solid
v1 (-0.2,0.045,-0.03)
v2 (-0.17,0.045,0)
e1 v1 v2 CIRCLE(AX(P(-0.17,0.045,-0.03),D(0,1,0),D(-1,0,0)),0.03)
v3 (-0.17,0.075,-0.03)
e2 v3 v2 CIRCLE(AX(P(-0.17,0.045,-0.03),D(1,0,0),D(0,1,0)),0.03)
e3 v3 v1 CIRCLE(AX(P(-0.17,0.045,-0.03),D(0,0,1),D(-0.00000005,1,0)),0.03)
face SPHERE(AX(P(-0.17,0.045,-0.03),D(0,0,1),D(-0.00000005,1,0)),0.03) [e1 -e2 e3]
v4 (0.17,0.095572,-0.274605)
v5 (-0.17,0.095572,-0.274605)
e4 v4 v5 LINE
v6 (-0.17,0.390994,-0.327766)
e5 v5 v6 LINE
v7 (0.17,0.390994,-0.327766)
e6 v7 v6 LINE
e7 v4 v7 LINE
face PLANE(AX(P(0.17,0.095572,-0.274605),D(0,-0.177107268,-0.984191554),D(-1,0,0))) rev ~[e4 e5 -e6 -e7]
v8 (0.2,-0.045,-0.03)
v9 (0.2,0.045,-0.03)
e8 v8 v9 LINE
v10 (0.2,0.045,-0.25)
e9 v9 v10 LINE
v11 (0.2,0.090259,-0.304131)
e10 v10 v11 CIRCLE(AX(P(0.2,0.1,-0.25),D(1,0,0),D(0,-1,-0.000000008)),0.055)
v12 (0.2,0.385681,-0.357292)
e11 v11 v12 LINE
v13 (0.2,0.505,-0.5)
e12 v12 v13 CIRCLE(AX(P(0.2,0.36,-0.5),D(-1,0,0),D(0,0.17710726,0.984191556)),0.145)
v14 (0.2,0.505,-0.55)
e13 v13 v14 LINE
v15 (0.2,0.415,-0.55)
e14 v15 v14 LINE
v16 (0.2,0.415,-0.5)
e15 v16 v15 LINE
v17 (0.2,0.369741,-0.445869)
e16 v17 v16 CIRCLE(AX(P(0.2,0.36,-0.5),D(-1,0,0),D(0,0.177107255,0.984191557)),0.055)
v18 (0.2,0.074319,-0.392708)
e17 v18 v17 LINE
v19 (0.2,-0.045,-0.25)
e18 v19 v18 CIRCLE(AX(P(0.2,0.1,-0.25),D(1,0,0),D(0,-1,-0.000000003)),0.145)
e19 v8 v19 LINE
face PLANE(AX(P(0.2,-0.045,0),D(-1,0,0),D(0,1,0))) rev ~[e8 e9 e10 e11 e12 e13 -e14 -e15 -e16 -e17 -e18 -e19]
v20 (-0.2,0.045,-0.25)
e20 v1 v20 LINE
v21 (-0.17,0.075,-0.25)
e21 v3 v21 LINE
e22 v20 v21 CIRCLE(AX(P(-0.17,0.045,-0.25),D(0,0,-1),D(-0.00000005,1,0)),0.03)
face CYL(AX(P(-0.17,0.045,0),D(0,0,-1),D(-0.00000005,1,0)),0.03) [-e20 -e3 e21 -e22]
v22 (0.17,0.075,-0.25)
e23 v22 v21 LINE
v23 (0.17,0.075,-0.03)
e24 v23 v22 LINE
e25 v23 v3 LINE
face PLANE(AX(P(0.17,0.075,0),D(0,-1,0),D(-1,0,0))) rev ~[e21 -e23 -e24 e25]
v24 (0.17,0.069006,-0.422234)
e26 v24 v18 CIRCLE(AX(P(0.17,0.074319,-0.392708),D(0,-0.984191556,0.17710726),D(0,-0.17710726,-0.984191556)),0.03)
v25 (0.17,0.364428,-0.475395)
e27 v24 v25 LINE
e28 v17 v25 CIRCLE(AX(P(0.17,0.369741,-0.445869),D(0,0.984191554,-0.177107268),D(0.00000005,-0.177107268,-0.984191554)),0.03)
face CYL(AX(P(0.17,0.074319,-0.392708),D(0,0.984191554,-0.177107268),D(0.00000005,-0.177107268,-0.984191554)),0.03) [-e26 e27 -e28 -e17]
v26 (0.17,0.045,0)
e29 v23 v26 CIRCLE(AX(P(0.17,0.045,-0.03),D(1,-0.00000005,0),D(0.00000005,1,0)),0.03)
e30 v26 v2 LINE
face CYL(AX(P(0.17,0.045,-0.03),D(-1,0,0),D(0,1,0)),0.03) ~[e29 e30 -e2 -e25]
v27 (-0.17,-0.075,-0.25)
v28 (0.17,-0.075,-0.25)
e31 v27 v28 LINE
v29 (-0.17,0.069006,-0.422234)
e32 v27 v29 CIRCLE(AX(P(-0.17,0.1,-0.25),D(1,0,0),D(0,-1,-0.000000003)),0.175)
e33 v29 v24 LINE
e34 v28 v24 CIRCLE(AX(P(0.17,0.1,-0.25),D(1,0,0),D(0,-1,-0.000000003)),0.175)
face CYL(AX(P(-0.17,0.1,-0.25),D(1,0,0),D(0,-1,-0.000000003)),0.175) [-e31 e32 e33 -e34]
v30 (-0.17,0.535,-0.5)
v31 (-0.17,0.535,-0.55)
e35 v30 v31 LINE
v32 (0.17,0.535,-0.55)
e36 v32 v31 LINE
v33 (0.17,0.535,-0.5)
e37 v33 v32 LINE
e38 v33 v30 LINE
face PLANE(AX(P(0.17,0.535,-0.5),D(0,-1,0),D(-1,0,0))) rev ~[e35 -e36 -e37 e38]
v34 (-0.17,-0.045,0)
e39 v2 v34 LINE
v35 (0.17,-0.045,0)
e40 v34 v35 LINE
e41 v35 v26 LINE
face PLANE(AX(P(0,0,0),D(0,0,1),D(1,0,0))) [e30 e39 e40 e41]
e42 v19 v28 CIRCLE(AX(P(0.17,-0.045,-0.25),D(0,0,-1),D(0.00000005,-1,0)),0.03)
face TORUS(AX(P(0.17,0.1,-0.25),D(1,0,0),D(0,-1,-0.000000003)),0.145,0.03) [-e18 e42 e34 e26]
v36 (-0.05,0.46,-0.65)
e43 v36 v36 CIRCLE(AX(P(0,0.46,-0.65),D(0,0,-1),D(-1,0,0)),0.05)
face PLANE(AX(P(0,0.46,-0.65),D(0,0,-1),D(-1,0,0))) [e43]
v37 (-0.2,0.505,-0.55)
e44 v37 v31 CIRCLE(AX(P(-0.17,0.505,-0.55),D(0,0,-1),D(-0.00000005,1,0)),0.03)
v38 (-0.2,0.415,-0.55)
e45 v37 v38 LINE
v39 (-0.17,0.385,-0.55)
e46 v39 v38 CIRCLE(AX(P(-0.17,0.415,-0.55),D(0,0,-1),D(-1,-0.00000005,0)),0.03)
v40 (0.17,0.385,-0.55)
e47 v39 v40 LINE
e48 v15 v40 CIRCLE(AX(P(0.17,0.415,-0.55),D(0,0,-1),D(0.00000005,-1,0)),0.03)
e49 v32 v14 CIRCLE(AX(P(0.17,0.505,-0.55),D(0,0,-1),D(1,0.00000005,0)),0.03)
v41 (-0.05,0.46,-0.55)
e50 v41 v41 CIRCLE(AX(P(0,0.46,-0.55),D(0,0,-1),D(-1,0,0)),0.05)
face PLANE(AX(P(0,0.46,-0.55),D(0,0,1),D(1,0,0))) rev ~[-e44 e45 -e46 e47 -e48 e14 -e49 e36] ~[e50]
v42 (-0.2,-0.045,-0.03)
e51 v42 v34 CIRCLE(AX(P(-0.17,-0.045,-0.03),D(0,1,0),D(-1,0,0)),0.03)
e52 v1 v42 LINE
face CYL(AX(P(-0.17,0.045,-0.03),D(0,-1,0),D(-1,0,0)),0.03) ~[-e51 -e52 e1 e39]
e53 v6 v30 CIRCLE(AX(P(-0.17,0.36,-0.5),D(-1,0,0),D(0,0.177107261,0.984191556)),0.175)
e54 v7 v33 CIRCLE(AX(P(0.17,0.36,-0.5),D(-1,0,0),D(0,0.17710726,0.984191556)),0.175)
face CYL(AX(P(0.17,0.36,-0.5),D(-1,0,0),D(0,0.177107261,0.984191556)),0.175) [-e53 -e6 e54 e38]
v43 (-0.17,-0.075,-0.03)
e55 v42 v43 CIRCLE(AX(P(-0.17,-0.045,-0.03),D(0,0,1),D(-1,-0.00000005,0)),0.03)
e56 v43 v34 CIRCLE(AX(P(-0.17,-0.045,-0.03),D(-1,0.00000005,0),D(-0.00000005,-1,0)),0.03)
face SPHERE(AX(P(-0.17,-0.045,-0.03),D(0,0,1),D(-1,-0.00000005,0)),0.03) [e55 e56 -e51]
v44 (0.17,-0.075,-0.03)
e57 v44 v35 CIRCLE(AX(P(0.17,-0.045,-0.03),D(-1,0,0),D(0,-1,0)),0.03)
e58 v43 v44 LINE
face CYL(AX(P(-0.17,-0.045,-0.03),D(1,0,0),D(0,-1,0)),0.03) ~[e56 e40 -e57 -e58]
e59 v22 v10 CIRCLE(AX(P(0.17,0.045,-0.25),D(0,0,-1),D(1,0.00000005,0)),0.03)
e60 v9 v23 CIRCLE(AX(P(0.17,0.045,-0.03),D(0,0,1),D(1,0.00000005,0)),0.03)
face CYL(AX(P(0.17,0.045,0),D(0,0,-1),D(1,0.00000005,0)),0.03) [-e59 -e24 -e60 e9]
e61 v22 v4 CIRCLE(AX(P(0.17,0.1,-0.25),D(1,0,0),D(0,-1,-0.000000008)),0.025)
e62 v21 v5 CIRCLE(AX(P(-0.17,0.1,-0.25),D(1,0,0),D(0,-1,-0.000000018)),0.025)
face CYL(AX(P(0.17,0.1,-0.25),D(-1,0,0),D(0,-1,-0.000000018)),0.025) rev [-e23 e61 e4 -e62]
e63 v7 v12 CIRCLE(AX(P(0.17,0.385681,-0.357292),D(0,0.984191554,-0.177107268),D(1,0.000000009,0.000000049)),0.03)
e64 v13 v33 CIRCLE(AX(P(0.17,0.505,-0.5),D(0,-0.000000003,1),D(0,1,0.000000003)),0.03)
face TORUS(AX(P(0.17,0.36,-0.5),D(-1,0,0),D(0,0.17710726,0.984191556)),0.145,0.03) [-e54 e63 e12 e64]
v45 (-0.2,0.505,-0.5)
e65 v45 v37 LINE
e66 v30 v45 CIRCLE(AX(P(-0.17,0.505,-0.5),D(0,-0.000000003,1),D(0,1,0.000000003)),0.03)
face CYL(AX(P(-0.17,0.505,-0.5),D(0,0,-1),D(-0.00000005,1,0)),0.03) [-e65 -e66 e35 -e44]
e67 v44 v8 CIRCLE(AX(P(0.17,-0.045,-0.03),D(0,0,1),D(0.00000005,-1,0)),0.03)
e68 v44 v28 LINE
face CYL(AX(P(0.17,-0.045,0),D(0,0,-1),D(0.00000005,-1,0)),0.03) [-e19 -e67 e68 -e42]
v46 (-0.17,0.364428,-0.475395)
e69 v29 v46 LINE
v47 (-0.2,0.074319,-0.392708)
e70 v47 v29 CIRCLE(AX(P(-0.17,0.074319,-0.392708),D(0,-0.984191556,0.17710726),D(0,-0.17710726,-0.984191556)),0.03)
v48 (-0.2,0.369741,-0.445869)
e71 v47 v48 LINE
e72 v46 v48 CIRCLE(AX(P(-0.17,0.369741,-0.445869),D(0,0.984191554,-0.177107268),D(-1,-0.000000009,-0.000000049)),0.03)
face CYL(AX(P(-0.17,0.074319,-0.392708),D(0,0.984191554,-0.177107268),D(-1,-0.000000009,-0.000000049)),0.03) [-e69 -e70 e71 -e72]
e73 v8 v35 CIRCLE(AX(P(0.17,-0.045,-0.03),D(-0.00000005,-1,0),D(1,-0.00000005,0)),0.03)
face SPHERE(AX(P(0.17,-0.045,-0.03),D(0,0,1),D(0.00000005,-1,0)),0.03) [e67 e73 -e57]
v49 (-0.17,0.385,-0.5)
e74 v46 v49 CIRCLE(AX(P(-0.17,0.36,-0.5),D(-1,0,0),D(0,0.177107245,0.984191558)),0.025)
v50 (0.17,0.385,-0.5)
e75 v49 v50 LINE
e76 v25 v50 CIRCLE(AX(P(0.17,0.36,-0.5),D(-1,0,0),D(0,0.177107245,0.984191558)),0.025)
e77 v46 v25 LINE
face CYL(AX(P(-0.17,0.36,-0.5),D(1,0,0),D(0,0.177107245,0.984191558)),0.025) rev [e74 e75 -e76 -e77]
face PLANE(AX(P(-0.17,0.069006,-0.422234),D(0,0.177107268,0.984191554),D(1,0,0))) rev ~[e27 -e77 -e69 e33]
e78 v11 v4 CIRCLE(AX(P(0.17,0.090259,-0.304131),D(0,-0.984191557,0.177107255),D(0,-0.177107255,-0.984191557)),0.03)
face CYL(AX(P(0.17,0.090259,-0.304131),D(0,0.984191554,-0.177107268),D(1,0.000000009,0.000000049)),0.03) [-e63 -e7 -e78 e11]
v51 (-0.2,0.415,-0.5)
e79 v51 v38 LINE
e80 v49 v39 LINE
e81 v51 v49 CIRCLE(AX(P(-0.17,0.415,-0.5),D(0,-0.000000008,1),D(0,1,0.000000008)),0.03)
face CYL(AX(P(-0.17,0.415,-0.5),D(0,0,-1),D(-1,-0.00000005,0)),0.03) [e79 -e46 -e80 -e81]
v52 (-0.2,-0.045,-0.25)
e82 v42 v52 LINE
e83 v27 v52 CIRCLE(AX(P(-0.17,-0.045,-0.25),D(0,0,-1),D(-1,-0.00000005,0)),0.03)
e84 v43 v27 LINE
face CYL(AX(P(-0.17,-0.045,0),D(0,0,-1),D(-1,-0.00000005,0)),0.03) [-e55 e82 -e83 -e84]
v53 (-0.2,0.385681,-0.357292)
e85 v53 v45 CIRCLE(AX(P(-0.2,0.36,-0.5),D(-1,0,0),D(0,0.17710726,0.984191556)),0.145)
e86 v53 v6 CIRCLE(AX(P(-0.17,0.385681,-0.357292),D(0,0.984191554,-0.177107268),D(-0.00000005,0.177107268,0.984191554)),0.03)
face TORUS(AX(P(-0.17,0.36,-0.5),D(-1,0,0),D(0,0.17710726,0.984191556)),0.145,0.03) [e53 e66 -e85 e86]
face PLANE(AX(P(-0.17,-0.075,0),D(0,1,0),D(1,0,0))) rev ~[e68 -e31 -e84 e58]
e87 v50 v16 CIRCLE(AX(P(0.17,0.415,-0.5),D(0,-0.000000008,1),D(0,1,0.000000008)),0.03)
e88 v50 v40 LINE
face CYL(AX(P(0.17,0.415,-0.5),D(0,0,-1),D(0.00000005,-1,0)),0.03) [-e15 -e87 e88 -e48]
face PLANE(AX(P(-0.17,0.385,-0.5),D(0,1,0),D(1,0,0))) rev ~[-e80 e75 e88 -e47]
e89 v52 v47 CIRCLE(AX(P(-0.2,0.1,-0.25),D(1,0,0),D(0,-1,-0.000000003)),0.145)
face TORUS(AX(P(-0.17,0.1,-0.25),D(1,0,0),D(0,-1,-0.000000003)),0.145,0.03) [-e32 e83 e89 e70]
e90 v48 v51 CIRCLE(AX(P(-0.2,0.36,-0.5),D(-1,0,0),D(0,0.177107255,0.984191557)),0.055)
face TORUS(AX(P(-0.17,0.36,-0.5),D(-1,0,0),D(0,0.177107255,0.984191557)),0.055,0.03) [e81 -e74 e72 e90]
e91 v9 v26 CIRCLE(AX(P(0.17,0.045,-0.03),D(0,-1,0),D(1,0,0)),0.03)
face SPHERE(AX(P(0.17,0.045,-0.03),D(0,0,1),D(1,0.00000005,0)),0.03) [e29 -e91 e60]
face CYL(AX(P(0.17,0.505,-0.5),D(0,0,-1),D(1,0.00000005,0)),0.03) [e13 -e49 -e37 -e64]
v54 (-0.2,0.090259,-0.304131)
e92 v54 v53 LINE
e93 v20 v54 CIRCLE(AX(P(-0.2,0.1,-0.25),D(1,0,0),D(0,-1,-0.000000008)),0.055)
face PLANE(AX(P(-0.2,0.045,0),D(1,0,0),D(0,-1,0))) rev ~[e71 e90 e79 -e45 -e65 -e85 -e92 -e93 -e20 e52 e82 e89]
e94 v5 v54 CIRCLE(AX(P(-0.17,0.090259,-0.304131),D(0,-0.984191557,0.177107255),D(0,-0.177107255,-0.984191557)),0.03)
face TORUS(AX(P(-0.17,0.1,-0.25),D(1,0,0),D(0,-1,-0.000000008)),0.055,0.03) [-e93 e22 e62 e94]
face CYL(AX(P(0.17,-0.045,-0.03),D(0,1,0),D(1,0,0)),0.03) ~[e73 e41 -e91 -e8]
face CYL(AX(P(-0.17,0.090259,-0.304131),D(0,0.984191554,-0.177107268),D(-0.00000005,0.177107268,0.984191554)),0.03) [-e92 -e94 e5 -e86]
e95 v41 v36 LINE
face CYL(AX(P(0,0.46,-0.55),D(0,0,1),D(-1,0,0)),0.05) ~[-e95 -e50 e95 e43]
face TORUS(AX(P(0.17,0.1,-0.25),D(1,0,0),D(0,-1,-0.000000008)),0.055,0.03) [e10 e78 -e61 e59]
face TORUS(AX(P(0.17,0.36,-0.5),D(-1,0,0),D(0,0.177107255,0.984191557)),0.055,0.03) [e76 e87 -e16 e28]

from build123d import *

# Parameters (mm, degrees)
FILETE2_R                = 0.03
ESBO_O3_R                = 0.05
RESSALTO_EXTRUS_O1_DEPTH = 0.1


with BuildPart() as part:
    # Varredura1: sweep along a path in Esboço2
    with BuildLine(Plane(origin=(0, 0, 0), x_dir=(0, 0, -1), z_dir=(1, 0, 0))) as varredura1_path:
        Line((0, 0), (0.25, 0))
        ThreePointArc((0.25, 0), (0.314144085, 0.023282751), (0.348419155, 0.082289274))
        Line((0.348419155, 0.082289274), (0.401580845, 0.377710726))
        ThreePointArc((0.401580845, 0.377710726), (0.435855915, 0.436717249), (0.5, 0.46))
        Line((0.5, 0.46), (0.55, 0.46))
    # Esboço1 → Varredura1 (sweep)
    with BuildSketch(Plane.XY):
        with BuildLine():
            Line((-0.17, -0.075), (0.17, -0.075))
            ThreePointArc((0.17, -0.075), (0.191213203, -0.066213203), (0.2, -0.045))
            Line((0.2, -0.045), (0.2, 0.045))
            ThreePointArc((0.2, 0.045), (0.191213203, 0.066213203), (0.17, 0.075))
            Line((0.17, 0.075), (-0.17, 0.075))
            ThreePointArc((-0.17, 0.075), (-0.191213203, 0.066213203), (-0.2, 0.045))
            Line((-0.2, 0.045), (-0.2, -0.045))
            ThreePointArc((-0.2, -0.045), (-0.191213203, -0.066213203), (-0.17, -0.075))
        make_face()
    sweep(path=varredura1_path.line)

    # Filete2
    filete2_edges = [part.edges().sort_by_distance(p)[0] for p in [
        (-0.2, 0, 0),
        (-0.191213203, 0.066213203, 0),
        (0, 0.075, 0),
        (0.191213203, 0.066213203, 0),
        (0.2, 0, 0),
        (0.191213203, -0.066213203, 0),
        (0, -0.075, 0),
        (-0.191213203, -0.066213203, 0),
    ]]
    fillet(filete2_edges, radius=FILETE2_R)

    # Esboço3 → Ressalto-extrusão1 (add)
    with BuildSketch(Plane(origin=(0, 0, -0.55), x_dir=(-1, 0, 0), z_dir=(0, 0, -1))):
        with Locations((0, 0.46)):
            Circle(ESBO_O3_R)
    extrude(amount=RESSALTO_EXTRUS_O1_DEPTH)


solid = part.part
